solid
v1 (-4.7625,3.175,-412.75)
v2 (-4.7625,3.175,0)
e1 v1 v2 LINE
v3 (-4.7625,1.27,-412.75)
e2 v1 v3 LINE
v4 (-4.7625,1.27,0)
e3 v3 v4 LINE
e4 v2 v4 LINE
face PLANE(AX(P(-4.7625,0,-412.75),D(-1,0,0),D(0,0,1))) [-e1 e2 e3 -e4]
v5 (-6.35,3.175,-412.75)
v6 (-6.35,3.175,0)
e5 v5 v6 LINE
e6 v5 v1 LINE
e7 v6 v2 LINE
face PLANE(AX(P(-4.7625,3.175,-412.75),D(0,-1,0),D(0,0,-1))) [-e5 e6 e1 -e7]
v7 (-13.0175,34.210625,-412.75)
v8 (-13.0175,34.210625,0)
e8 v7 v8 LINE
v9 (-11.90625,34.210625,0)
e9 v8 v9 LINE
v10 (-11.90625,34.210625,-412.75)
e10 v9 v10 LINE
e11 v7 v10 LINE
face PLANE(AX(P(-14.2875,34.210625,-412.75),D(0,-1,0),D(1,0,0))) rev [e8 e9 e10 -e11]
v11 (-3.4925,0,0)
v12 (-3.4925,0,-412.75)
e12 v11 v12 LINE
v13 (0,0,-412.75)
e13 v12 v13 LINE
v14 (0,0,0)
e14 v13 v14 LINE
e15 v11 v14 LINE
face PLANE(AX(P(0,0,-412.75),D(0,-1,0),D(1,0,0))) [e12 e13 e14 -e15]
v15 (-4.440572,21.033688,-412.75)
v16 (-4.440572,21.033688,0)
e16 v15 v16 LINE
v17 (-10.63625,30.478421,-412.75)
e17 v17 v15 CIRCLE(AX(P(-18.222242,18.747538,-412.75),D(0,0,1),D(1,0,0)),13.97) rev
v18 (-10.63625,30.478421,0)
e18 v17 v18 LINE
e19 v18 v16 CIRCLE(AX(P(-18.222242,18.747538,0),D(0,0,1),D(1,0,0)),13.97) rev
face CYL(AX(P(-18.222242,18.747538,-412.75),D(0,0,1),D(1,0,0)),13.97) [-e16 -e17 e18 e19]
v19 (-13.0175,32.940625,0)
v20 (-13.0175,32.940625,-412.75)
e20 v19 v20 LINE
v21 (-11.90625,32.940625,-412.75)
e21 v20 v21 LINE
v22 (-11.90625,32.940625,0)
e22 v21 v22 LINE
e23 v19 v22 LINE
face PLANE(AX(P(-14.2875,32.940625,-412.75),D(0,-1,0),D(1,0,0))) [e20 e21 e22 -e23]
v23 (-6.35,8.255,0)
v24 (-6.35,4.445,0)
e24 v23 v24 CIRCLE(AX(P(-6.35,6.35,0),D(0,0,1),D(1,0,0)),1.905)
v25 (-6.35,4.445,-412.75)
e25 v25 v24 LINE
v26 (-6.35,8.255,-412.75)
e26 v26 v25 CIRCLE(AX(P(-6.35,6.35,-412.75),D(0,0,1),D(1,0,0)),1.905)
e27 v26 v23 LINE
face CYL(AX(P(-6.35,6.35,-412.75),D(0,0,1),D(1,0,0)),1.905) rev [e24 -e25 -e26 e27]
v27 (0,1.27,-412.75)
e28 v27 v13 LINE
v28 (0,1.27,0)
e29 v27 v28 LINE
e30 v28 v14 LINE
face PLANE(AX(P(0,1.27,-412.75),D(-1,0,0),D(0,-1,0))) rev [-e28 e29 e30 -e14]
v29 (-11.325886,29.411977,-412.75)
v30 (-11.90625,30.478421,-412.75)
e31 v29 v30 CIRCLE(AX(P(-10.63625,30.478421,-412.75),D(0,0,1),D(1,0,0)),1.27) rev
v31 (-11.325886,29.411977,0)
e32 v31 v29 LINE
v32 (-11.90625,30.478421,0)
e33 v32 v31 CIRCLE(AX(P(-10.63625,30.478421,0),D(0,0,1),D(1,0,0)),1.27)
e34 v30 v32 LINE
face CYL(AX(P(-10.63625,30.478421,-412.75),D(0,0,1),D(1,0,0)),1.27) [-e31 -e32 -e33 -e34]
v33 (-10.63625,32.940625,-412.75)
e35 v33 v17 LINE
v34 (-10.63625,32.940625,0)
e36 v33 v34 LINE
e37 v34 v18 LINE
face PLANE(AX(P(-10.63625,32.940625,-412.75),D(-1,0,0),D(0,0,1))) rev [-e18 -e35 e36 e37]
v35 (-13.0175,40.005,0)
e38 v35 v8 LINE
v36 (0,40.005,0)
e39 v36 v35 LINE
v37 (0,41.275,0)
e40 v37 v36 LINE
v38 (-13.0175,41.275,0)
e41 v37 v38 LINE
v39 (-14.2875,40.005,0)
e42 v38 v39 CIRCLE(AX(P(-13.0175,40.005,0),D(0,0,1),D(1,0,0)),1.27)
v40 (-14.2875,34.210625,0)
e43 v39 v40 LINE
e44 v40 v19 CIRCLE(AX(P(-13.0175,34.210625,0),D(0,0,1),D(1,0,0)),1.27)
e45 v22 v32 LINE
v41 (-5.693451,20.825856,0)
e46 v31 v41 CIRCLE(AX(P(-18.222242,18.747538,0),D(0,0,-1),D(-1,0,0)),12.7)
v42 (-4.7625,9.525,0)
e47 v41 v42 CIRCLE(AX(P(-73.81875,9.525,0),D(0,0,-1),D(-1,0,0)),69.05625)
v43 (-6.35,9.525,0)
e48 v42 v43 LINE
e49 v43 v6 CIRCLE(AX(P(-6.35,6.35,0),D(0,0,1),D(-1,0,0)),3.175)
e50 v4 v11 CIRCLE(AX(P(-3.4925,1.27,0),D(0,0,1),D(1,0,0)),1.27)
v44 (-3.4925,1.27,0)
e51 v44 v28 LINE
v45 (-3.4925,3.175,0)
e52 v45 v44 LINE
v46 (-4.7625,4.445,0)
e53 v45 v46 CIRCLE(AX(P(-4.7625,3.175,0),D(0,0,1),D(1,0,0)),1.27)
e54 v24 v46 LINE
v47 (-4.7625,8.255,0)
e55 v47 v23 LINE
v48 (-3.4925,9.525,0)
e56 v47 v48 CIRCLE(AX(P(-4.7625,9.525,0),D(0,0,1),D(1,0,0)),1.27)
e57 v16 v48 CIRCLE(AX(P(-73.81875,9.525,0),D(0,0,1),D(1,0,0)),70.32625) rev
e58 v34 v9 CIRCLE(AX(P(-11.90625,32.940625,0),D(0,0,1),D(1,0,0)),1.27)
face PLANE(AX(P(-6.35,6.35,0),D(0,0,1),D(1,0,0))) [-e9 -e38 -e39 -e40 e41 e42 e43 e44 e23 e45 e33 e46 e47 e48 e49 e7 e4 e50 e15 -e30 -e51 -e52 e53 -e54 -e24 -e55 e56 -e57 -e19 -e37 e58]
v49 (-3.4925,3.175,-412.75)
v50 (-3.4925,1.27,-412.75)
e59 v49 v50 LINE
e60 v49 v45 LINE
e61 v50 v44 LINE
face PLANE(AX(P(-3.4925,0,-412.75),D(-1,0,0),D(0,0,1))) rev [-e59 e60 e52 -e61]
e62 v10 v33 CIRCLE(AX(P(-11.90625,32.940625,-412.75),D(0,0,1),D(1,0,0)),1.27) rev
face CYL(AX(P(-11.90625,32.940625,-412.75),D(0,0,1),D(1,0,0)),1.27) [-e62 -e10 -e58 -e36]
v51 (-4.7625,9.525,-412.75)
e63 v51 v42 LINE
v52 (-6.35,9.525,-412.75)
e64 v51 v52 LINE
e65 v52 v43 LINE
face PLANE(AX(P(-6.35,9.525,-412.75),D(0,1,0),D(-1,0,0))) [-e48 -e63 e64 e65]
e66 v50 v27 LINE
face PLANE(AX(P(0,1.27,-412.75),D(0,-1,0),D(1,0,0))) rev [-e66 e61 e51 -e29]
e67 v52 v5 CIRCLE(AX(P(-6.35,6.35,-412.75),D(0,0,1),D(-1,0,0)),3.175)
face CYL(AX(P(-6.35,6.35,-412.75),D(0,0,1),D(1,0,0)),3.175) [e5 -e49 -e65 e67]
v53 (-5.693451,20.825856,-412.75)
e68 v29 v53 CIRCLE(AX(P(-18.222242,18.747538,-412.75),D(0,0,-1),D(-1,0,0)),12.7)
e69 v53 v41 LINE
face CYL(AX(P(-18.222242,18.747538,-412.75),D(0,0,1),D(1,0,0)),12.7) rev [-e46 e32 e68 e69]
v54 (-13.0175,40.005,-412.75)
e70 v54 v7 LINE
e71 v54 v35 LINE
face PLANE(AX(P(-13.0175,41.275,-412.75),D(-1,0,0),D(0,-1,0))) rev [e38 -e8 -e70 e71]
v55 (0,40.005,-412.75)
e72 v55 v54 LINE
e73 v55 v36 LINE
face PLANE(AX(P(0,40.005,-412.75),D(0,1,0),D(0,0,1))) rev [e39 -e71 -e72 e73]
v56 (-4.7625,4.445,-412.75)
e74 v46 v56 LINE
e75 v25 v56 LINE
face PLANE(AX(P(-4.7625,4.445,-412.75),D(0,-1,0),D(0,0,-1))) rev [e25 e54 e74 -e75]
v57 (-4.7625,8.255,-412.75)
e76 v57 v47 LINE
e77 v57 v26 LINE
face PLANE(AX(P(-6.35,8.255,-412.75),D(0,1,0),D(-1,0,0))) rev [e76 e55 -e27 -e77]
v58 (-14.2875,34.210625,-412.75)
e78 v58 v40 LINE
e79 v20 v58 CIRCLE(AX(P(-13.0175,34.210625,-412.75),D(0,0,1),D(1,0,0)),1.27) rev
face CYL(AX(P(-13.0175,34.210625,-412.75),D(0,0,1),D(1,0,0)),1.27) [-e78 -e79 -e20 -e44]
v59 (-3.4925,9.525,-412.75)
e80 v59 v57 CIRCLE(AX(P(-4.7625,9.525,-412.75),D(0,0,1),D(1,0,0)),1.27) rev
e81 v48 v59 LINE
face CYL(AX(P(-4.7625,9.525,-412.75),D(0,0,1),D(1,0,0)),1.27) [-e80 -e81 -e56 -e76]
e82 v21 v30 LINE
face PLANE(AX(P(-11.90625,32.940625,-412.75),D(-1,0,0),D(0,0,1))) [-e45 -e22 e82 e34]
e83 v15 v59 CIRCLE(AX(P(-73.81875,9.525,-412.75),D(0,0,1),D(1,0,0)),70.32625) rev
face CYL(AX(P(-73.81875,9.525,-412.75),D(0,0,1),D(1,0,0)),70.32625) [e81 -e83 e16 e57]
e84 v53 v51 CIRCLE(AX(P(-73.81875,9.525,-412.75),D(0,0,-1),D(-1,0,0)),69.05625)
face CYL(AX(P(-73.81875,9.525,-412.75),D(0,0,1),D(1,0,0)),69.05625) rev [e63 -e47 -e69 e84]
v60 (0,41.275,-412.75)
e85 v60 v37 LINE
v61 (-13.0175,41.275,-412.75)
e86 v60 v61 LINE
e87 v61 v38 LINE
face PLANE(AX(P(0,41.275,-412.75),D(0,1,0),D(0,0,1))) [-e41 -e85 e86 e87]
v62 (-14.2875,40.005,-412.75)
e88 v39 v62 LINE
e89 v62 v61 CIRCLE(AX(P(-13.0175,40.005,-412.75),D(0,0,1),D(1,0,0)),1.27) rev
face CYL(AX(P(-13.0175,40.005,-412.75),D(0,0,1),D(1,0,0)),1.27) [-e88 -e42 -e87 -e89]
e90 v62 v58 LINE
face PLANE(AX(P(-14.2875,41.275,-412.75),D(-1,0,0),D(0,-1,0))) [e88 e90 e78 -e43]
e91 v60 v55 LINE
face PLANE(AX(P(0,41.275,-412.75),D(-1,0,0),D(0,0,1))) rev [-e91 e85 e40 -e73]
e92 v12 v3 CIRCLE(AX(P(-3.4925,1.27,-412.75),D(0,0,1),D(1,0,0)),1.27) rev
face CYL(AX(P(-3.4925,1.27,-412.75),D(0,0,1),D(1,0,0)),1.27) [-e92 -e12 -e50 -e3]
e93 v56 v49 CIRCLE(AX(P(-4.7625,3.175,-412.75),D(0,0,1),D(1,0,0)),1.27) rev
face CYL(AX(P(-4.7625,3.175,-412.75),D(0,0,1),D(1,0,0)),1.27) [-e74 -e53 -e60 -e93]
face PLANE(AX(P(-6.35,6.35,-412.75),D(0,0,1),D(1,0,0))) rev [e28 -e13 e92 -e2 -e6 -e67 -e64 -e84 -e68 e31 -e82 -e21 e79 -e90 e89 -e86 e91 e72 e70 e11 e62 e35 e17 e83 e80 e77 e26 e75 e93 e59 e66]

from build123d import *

# Parameters (mm, degrees)
EXTRUDE_THIN1_DEPTH = 412.75
FILLET1_R           = 1.27


with BuildPart() as part:
    # Sketch1 → Extrude-Thin1 (new body)
    with BuildSketch(Plane.XY):
        with BuildLine():
            Line((0, 41.275), (-14.2875, 41.275))
            Line((-14.2875, 41.275), (-14.2875, 32.940625))
            Line((-14.2875, 32.940625), (-11.90625, 32.940625))
            Line((-11.90625, 32.940625), (-11.90625, 29.765625))
            ThreePointArc((-11.90625, 29.765625), (-7.793372209, 25.995204752), (-5.693451363, 20.825856146))
            ThreePointArc((-5.693451363, 20.825856146), (-4.995631362, 15.194568327), (-4.7625, 9.525))
            Line((-4.7625, 9.525), (-6.35, 9.525))
            ThreePointArc((-6.35, 9.525), (-9.525, 6.35), (-6.35, 3.175))
            Line((-6.35, 3.175), (-4.7625, 3.175))
            Line((-4.7625, 3.175), (-4.7625, 0))
            Line((-4.7625, 0), (0, 0))
            Line((0, 0), (0, 1.27))
            Line((0, 1.27), (-3.4925, 1.27))
            Line((-3.4925, 1.27), (-3.4925, 4.445))
            Line((-3.4925, 4.445), (-6.35, 4.445))
            ThreePointArc((-6.35, 4.445), (-8.255, 6.35), (-6.35, 8.255))
            Line((-6.35, 8.255), (-3.503968204, 8.255))
            ThreePointArc((-3.503968204, 8.255), (-3.680640178, 14.665718794), (-4.440572307, 21.033687983))
            ThreePointArc((-4.440572307, 21.033687983), (-6.541275078, 26.410168765), (-10.63625, 30.47842123))
            Line((-10.63625, 30.47842123), (-10.63625, 34.210625))
            Line((-10.63625, 34.210625), (-13.0175, 34.210625))
            Line((-13.0175, 34.210625), (-13.0175, 40.005))
            Line((-13.0175, 40.005), (0, 40.005))
            Line((0, 40.005), (0, 41.275))
        make_face()
    extrude(amount=-EXTRUDE_THIN1_DEPTH)

    # Fillet1
    fillet1_edges = [part.edges().sort_by_distance(p)[0] for p in [
        (-4.7625, 0, -206.375),
        (-11.90625, 29.765625, -206.375),
        (-14.2875, 32.940625, -206.375),
        (-14.2875, 41.275, -206.375),
        (-10.63625, 34.210625, -206.375),
        (-3.503968204, 8.255, -206.375),
        (-3.4925, 4.445, -206.375),
    ]]
    fillet(fillet1_edges, radius=FILLET1_R)


solid = part.part
